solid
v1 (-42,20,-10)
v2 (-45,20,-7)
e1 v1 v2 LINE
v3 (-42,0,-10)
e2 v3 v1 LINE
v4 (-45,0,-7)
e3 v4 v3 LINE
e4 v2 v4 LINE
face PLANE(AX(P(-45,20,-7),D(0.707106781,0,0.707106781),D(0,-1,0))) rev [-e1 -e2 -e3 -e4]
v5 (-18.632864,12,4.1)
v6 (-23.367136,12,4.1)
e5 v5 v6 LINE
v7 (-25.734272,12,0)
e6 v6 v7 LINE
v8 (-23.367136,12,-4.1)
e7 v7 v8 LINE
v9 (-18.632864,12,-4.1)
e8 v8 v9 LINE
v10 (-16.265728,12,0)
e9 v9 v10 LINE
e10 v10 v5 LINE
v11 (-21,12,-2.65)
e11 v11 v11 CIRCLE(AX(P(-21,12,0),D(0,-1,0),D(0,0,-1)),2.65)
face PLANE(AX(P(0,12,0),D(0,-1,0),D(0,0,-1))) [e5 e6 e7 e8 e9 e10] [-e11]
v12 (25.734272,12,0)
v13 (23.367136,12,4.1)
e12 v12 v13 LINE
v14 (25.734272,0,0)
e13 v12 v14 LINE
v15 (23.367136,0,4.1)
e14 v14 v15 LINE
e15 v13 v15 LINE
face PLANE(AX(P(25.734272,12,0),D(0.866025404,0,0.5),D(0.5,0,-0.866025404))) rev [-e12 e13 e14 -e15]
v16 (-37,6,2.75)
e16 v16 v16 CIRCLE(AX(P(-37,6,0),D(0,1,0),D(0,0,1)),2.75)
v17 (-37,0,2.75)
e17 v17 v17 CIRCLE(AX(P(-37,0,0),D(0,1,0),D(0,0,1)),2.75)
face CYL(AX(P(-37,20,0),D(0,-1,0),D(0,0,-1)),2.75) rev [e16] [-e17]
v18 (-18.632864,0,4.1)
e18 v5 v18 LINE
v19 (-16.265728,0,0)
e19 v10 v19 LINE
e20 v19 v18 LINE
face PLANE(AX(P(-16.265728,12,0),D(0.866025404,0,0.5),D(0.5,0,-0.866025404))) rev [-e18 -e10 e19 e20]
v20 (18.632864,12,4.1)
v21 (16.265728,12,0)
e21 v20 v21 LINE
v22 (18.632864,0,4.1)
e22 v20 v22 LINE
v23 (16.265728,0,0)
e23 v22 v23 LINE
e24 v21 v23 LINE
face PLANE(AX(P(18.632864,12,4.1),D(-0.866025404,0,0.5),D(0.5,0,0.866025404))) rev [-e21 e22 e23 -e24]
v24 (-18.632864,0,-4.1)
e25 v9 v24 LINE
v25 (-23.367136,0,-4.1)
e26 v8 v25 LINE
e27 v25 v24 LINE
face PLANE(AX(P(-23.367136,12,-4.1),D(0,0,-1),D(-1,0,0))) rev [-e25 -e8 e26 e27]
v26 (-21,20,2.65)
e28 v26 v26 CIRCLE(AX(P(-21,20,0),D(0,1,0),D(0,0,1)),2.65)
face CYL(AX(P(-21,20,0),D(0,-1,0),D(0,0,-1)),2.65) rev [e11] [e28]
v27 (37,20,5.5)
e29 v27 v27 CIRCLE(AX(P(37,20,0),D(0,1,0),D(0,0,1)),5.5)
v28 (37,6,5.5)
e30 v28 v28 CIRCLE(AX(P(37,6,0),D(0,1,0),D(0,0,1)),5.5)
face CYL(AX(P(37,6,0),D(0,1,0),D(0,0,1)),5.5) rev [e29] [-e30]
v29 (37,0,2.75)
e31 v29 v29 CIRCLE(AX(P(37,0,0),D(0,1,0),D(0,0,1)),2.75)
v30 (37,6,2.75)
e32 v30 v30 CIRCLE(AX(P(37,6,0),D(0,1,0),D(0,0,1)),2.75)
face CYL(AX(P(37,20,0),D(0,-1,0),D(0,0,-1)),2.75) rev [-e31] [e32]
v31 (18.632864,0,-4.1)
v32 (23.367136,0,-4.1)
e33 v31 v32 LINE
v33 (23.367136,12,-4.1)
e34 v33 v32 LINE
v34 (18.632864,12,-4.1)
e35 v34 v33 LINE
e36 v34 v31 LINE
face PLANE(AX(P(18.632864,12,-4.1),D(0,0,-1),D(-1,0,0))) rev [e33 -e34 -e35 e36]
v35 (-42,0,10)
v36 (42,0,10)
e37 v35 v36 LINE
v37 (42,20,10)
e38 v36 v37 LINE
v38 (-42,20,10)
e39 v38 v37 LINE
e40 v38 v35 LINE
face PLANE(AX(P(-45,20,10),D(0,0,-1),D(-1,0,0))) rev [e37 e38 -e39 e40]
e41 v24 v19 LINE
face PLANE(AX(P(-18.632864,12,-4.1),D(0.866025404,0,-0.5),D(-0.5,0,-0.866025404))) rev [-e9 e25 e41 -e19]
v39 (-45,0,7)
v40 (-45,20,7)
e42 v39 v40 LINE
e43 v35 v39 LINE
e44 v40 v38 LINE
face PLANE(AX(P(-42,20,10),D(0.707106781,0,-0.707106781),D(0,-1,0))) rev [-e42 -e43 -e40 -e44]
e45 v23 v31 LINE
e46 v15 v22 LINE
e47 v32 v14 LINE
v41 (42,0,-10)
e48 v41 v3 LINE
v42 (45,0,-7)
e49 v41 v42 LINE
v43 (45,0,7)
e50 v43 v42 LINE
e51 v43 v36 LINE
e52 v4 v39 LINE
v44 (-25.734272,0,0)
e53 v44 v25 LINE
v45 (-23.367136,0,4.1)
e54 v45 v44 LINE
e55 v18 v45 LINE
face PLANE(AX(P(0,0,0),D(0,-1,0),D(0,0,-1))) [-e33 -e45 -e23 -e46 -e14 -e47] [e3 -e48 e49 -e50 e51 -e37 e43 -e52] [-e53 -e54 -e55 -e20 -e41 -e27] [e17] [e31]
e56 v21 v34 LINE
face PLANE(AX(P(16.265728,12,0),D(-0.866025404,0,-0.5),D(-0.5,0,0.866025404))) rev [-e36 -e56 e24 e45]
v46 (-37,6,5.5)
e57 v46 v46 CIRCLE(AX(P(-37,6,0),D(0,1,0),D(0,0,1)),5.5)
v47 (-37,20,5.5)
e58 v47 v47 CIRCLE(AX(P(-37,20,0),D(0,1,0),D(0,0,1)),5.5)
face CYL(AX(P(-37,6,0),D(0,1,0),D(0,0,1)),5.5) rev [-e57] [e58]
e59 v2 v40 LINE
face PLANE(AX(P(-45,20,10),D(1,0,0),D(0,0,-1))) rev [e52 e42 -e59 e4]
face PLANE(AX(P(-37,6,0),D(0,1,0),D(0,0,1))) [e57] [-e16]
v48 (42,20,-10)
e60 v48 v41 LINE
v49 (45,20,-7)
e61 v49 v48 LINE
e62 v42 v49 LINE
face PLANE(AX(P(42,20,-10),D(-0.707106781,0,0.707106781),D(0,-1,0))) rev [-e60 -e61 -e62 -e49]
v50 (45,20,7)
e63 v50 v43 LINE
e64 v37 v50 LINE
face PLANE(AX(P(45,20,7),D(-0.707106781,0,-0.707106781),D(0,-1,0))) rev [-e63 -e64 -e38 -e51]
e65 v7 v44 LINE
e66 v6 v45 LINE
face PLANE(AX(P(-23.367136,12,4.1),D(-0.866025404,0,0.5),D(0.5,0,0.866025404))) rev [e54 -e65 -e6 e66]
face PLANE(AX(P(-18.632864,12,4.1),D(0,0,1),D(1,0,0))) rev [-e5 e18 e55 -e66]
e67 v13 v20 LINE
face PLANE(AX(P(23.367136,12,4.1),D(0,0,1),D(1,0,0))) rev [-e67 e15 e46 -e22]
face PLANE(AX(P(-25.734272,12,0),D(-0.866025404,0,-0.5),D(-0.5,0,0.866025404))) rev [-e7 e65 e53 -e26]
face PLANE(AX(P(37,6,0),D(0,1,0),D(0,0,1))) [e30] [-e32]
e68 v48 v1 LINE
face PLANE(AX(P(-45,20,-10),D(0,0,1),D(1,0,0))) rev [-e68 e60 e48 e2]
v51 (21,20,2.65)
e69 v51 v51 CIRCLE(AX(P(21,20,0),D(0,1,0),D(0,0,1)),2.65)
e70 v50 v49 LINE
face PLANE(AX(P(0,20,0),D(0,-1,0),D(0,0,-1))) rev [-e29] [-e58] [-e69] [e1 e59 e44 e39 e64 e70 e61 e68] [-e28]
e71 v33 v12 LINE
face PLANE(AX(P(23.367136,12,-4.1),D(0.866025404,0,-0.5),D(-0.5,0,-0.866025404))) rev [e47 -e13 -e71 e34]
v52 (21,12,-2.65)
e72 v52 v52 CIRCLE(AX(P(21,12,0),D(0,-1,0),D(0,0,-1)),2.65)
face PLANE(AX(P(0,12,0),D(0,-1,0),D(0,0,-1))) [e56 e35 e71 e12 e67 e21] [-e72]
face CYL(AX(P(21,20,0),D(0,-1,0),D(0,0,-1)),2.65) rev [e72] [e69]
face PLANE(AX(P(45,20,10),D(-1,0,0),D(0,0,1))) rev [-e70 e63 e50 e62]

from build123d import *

# Parameters (mm, degrees)
SKETCH1_W           = 90
SKETCH1_H           = 20
SKETCH1_R           = 2.65
SKETCH1_R_2         = 2.75
BOSS_EXTRUDE1_DEPTH = 20
CUT_EXTRUDE1_DEPTH  = 12
SKETCH3_R           = 5.5
CUT_EXTRUDE2_DEPTH  = 14
CHAMFER1_SIZE       = 3


with BuildPart() as part:
    # Sketch1 → Boss-Extrude1 (new body)
    with BuildSketch(Plane(origin=(0, 0, 0), x_dir=(1, 0, 0), z_dir=(0, 1, 0))):
        Rectangle(SKETCH1_W, SKETCH1_H)
        with Locations(Location((-21, 0, 0), (0, 0, 270))):
            Circle(SKETCH1_R, mode=Mode.SUBTRACT)
        with Locations(Location((21, 0, 0), (0, 0, 270))):
            Circle(SKETCH1_R, mode=Mode.SUBTRACT)
        with Locations(Location((-37, 0, 0), (0, 0, 270))):
            Circle(SKETCH1_R_2, mode=Mode.SUBTRACT)
        with Locations(Location((37, 0, 0), (0, 0, 270))):
            Circle(SKETCH1_R_2, mode=Mode.SUBTRACT)
    extrude(amount=BOSS_EXTRUDE1_DEPTH)

    # Sketch2 → Cut-Extrude1 (cut)
    with BuildSketch(Plane.XZ):
        Polygon((-16.265727793, 0), (-18.632863896, 4.1), (-23.367136104, 4.1), (-25.734272207, 0), (-23.367136104, -4.1), (-18.632863896, -4.1), align=None)
        Polygon((25.734272207, 0), (23.367136104, 4.1), (18.632863896, 4.1), (16.265727793, 0), (18.632863896, -4.1), (23.367136104, -4.1), align=None)
    extrude(amount=-CUT_EXTRUDE1_DEPTH, mode=Mode.SUBTRACT)

    # Sketch3 → Cut-Extrude2 (cut)
    with BuildSketch(Plane(origin=(0, 20, 0), x_dir=(1, 0, 0), z_dir=(0, 1, 0))):
        with Locations(Location((-37, 0, 0), (0, 0, 270))):
            Circle(SKETCH3_R)
        with Locations(Location((37, 0, 0), (0, 0, 270))):
            Circle(SKETCH3_R)
    extrude(amount=-CUT_EXTRUDE2_DEPTH, mode=Mode.SUBTRACT)

    # Chamfer1
    chamfer1_edges = [part.edges().sort_by_distance(p)[0] for p in [
        (45, 10, 10),
        (-45, 10, 10),
        (-45, 10, -10),
        (45, 10, -10),
    ]]
    chamfer(chamfer1_edges, length=CHAMFER1_SIZE)


solid = part.part
